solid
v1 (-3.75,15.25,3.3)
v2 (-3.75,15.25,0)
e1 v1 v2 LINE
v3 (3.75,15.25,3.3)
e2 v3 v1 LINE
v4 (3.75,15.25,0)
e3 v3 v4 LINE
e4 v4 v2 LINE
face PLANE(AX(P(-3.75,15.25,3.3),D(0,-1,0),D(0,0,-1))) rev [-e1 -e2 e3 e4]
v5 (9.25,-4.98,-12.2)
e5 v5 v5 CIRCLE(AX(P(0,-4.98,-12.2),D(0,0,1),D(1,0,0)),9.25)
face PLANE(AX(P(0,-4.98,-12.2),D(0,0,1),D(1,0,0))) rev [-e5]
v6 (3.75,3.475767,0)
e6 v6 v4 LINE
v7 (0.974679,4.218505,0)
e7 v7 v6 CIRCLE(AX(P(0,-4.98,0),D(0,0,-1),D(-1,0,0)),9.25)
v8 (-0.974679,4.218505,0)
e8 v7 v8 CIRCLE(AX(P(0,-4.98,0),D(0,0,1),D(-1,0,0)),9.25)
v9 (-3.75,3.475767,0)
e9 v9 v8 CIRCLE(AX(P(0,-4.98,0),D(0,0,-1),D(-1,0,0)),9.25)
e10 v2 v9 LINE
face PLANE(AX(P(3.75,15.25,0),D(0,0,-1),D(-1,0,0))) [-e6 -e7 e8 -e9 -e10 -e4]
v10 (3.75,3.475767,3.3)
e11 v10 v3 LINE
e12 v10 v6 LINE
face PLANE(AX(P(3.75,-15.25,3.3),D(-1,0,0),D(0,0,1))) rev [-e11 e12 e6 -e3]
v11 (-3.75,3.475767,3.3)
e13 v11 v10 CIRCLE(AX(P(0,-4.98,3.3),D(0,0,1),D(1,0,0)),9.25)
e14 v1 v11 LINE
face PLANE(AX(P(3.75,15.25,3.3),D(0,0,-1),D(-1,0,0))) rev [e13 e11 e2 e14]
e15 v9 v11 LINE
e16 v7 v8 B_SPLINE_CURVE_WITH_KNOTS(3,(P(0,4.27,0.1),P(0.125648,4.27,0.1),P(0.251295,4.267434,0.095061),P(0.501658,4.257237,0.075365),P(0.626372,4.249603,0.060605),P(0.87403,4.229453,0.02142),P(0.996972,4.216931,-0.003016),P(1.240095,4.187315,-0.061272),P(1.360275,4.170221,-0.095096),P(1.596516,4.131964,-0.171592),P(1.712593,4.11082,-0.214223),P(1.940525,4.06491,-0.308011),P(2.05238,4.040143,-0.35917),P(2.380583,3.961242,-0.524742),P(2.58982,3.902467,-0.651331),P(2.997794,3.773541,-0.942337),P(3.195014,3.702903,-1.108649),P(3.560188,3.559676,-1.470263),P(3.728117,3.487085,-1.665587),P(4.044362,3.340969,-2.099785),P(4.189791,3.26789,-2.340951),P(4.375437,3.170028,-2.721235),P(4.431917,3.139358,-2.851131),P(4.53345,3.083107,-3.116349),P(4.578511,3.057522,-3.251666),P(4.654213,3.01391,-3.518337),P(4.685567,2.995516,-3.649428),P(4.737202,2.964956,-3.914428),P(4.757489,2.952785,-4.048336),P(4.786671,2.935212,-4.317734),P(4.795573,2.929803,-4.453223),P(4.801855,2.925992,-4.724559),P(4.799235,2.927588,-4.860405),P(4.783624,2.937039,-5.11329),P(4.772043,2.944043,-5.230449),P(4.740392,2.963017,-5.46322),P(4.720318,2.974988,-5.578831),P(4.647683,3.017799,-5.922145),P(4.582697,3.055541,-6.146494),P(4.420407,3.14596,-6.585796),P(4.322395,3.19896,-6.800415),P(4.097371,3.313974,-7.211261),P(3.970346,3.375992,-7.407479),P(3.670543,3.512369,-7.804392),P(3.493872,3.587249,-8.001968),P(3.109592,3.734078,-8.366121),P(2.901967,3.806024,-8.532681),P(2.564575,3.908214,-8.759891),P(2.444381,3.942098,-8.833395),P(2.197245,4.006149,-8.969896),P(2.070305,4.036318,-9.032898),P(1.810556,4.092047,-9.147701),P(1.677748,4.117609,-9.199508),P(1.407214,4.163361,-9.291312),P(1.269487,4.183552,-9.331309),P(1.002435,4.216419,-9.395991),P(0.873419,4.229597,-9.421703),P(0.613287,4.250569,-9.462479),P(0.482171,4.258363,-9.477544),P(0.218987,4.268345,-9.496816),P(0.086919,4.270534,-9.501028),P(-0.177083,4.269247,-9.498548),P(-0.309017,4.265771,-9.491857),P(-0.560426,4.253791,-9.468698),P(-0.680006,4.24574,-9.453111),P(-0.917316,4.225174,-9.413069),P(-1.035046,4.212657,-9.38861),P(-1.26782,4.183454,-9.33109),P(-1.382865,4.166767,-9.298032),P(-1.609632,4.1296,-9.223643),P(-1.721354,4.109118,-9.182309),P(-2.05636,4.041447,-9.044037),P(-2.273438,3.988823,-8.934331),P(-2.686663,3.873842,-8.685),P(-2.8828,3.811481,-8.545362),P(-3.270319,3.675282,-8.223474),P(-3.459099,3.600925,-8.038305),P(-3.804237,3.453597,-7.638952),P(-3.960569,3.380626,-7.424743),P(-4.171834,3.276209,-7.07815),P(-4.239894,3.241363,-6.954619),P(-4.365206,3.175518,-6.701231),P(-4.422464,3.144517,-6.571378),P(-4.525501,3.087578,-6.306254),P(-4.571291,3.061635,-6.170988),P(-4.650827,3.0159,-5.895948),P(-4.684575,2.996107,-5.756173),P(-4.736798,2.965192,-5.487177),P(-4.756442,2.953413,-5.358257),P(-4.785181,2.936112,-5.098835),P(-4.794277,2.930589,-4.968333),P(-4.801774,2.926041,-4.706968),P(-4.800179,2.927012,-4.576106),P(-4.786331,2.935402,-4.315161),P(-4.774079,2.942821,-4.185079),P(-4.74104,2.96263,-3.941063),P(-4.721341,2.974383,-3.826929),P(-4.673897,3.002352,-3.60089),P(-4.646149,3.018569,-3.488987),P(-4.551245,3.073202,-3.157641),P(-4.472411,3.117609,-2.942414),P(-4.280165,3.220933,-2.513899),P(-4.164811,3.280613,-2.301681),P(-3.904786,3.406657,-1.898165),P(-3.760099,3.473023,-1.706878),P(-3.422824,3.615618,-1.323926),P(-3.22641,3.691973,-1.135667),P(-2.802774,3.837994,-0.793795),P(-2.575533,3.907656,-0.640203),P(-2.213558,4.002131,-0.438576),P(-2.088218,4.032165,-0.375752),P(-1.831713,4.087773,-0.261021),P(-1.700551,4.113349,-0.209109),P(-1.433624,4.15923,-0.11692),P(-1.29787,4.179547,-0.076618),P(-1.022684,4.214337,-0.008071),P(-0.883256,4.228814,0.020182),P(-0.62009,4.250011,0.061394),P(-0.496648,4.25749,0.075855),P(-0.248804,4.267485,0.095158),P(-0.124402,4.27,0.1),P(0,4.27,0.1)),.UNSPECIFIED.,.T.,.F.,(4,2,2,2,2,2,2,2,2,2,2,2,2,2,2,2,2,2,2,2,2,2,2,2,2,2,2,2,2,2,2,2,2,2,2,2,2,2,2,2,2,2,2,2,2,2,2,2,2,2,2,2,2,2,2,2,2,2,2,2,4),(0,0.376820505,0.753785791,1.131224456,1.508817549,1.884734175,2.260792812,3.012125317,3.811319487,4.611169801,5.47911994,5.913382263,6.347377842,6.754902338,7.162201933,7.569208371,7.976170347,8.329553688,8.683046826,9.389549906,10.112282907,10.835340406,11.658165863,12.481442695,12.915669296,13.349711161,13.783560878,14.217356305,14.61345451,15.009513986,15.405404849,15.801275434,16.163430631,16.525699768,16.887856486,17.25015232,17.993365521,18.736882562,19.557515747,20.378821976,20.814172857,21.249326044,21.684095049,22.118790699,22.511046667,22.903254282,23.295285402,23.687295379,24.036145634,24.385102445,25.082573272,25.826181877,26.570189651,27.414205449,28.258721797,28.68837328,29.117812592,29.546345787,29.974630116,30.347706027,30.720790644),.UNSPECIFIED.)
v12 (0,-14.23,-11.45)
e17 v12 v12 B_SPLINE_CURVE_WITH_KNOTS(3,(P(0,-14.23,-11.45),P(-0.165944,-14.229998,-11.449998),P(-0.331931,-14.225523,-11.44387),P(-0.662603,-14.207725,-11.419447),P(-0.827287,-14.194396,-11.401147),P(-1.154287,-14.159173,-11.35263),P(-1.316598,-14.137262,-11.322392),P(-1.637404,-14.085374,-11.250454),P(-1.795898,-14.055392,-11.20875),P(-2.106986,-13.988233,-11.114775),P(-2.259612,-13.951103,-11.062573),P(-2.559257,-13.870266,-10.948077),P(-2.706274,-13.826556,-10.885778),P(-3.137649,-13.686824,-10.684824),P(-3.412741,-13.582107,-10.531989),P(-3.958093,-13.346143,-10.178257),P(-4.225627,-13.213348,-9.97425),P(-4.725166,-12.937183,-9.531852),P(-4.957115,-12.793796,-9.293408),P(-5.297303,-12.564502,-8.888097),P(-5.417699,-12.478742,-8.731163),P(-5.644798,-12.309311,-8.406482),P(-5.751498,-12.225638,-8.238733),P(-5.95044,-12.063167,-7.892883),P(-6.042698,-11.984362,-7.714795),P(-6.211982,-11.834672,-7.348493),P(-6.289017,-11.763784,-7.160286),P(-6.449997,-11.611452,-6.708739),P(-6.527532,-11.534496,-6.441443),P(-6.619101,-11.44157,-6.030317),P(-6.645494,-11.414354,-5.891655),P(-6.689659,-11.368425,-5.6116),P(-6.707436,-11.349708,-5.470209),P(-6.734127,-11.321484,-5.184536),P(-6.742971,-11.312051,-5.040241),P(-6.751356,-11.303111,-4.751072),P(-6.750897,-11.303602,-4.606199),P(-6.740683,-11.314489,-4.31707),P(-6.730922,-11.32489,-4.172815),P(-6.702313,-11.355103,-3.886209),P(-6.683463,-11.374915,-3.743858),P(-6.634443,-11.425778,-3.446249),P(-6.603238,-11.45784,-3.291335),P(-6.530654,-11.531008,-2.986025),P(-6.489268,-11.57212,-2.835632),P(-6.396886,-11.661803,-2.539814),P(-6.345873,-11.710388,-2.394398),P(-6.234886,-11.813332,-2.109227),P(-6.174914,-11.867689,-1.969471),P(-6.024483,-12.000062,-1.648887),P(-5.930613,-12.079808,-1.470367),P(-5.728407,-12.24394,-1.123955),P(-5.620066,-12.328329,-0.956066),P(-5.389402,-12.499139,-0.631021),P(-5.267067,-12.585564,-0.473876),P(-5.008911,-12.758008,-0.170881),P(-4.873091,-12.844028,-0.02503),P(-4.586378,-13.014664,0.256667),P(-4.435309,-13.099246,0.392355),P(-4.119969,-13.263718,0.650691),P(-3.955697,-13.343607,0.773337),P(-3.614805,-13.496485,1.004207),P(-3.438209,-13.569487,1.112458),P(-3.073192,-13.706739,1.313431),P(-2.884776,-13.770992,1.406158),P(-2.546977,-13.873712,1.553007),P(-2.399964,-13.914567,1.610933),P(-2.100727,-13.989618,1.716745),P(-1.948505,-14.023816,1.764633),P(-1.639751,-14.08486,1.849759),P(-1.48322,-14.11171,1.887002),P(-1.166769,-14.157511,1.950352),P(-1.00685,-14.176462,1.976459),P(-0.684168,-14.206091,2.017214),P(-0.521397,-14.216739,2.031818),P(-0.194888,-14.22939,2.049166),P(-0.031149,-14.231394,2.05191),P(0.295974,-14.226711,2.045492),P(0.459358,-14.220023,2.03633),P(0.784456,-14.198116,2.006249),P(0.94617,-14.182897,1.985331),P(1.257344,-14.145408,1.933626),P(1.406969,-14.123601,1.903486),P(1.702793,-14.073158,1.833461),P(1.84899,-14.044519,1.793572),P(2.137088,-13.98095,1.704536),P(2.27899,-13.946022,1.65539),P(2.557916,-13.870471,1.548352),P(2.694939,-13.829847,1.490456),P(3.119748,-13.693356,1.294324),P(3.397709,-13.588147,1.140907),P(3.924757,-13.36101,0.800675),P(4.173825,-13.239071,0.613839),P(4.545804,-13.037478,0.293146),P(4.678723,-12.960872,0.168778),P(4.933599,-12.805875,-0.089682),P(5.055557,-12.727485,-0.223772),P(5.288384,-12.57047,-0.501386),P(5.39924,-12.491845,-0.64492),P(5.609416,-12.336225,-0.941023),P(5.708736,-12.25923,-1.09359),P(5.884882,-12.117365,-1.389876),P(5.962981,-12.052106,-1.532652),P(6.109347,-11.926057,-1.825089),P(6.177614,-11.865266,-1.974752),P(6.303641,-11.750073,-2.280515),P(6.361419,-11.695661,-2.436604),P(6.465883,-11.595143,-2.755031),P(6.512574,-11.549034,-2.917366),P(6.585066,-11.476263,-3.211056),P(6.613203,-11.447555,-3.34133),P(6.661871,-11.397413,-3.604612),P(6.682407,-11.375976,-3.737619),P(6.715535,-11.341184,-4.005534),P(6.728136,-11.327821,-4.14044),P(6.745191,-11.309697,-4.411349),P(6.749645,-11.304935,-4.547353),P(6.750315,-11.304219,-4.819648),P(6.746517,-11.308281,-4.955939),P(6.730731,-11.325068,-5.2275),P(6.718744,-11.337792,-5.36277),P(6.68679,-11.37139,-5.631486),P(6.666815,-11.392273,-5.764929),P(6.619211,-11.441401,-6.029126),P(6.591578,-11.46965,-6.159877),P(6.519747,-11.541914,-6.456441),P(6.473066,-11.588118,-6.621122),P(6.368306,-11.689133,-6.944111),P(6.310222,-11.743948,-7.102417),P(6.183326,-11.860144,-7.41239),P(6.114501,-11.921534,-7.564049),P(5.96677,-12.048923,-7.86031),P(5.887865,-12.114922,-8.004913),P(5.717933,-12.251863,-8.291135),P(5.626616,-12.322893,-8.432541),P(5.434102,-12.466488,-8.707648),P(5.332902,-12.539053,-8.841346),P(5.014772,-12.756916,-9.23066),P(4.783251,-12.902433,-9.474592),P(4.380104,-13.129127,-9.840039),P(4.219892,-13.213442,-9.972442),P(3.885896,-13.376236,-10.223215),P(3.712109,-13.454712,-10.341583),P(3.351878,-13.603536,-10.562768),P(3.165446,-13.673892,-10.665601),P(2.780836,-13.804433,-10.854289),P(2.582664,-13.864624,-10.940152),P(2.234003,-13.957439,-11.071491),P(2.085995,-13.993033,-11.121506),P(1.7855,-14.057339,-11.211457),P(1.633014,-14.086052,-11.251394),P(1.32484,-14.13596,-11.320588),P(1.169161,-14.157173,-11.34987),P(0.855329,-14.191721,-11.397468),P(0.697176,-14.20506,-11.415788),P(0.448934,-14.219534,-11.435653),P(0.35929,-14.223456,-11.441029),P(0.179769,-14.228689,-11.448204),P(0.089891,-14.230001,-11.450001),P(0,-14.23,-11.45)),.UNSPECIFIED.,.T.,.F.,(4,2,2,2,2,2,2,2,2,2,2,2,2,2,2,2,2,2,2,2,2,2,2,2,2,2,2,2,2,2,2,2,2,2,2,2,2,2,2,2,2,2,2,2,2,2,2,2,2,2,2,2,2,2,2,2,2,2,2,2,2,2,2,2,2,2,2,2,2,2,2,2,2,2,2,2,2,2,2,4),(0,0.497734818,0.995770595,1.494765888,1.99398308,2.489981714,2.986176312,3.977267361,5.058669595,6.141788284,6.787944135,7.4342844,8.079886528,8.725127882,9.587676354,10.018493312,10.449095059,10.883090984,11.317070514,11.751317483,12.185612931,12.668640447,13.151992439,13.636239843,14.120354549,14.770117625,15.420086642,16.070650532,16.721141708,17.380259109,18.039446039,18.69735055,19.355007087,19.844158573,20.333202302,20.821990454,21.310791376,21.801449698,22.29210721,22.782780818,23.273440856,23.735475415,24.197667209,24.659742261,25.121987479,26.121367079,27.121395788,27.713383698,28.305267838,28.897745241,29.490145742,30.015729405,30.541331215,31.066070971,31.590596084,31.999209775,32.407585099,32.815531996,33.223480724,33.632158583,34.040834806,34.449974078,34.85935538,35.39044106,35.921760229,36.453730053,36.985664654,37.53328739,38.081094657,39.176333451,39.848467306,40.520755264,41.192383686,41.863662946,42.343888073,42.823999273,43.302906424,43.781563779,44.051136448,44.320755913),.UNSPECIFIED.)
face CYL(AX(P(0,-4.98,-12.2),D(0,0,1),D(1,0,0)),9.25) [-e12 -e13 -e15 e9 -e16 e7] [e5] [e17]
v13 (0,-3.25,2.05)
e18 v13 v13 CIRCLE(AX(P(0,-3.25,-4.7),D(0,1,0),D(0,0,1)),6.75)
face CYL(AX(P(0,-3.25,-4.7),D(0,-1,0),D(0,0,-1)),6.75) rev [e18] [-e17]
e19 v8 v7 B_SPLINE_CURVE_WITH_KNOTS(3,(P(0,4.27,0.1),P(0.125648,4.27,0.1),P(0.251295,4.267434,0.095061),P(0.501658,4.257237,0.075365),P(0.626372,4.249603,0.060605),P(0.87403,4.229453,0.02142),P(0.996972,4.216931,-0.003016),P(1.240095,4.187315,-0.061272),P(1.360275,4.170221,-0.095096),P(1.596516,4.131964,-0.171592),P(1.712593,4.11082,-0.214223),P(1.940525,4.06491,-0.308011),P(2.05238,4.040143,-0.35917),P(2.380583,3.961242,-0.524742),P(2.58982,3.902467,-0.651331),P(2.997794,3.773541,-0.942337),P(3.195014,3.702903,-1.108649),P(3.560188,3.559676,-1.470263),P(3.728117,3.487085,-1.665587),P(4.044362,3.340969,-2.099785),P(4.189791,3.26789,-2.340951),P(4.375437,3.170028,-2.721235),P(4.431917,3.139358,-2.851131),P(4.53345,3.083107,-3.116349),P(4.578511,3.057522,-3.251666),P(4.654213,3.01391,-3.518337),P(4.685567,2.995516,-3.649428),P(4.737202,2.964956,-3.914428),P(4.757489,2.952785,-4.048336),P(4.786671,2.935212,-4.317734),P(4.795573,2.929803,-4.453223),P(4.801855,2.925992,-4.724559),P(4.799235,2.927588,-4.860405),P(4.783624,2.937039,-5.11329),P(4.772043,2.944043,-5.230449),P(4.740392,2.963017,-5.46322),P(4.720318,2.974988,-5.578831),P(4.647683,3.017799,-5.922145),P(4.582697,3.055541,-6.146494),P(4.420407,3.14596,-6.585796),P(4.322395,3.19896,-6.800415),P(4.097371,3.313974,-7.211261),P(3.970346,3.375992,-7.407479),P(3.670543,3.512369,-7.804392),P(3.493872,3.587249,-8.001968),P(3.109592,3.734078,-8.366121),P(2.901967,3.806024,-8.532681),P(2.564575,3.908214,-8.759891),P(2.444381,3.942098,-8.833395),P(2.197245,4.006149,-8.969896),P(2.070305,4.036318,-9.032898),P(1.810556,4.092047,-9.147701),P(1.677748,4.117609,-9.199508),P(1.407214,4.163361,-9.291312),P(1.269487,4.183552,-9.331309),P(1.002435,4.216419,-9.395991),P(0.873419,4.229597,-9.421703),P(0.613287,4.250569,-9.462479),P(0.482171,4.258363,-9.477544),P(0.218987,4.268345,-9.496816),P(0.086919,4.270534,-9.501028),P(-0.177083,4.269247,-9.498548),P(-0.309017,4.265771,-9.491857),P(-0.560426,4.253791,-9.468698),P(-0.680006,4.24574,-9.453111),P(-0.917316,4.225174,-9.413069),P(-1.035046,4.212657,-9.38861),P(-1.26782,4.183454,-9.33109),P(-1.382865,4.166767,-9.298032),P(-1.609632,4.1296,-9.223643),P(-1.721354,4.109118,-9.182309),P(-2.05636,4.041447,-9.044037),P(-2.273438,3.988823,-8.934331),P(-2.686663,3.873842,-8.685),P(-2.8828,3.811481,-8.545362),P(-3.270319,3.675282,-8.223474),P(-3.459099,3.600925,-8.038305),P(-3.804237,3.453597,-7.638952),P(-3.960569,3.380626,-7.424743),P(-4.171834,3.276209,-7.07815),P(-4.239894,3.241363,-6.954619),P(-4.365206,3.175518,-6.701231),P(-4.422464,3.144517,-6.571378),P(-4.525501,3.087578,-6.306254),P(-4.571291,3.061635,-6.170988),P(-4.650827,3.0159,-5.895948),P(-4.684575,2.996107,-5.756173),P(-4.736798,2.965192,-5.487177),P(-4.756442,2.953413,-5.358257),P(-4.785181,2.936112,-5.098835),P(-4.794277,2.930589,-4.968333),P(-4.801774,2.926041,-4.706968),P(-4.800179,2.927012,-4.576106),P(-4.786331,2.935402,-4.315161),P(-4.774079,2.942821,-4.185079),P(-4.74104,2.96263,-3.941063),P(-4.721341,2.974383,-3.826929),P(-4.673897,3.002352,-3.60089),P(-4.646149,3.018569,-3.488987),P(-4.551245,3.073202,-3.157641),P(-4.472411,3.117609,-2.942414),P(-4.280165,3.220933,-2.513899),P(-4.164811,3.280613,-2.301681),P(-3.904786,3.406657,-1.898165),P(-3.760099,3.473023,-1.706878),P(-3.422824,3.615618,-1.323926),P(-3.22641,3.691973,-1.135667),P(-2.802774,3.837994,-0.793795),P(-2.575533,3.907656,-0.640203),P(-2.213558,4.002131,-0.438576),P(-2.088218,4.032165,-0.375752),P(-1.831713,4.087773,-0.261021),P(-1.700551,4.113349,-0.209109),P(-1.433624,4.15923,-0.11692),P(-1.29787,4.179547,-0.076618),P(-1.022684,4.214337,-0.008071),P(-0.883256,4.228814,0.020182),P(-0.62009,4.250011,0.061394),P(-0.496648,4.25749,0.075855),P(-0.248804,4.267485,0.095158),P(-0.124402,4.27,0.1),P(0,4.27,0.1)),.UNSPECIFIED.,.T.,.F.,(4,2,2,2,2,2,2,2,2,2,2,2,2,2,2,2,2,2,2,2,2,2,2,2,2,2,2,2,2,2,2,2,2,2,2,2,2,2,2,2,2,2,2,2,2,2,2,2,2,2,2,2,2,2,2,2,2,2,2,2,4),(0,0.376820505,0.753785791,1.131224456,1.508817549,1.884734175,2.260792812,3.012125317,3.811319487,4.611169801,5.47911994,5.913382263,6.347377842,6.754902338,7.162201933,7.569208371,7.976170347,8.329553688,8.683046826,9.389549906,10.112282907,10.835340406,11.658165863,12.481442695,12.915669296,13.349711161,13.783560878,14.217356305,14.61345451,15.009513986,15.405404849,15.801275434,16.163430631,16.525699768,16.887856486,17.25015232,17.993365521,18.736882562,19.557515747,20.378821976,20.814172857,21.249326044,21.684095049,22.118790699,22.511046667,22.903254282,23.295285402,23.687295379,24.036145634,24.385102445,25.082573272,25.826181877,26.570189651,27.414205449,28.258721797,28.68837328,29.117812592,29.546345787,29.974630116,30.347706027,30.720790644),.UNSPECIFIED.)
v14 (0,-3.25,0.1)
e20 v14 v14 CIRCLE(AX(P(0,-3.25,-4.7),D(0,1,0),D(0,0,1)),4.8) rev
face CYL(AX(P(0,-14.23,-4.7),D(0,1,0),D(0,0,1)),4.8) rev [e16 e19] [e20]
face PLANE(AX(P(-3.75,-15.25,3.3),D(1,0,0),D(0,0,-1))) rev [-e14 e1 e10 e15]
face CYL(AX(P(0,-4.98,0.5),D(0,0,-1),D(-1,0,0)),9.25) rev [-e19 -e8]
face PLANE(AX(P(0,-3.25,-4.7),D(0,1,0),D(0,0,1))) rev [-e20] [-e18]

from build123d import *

# Parameters (mm, degrees)
SKETCH_1_W               = 7.5
SKETCH_1_H               = 30.5
EXTRUDE_1_DEPTH          = 3.3
SKETCH_4_W               = 7.5
SKETCH_4_H               = 8.198435562
CUT_EXTRUDE_1_DEPTH      = 17.047273912
SKETCH_2_R               = 9.25
EXTRUDE_2_DEPTH          = 15.5
SKETCH_5_R               = 4.8
CUT_EXTRUDE_2_DEPTH      = 34.218562582
CUT_EXTRUDE_3_DEPTH      = 2.75
CUT_EXTRUDE_3_DEPTH_BACK = 10
SKETCH_6_R               = 6.75
EXTRUDE_START            = -0.5
EXTRUDE_3_DEPTH          = 0.5


with BuildPart() as part:
    # 草图1 → 凸台-拉伸1 (new body)
    with BuildSketch(Plane.XY):
        Rectangle(SKETCH_1_W, SKETCH_1_H)
    extrude(amount=EXTRUDE_1_DEPTH)

    # 草图4 → 切除-拉伸1 (cut, through all)
    with BuildSketch(Plane(origin=(0, 0, 0), x_dir=(-1, 0, 0), z_dir=(0, 0, -1))):
        with Locations((0, -11.150782219)):
            Rectangle(SKETCH_4_W, SKETCH_4_H)
    extrude(amount=-CUT_EXTRUDE_1_DEPTH, mode=Mode.SUBTRACT)

    # 草图2 → 凸台-拉伸2 (add)
    with BuildSketch(Plane.XY.offset(3.3)):
        with Locations((0, -4.98)):
            Circle(SKETCH_2_R)
    extrude(amount=-EXTRUDE_2_DEPTH)

    # 草图5 → 切除-拉伸2 (cut, through all)
    with BuildSketch(Plane(origin=(0, 15.25, 0), x_dir=(1, 0, 0), z_dir=(0, 1, 0))):
        with Locations(Location((0, 4.7, 0), (0, 0, 270))):
            Circle(SKETCH_5_R)
    extrude(amount=-CUT_EXTRUDE_2_DEPTH, mode=Mode.SUBTRACT)

    # 草图6 → 切除-拉伸3 (cut, two sides: drawn at the far end of the back side and taken through both)
    with BuildSketch(Plane(origin=(0, -6, 0), x_dir=(1, 0, 0), z_dir=(0, 1, 0)).offset(-CUT_EXTRUDE_3_DEPTH_BACK)):
        with Locations(Location((0, 4.7, 0), (0, 0, 90))):
            Circle(SKETCH_6_R)
    extrude(amount=CUT_EXTRUDE_3_DEPTH + CUT_EXTRUDE_3_DEPTH_BACK, mode=Mode.SUBTRACT)

    # 草图7 → 凸台-拉伸3 (add)
    with BuildSketch(Plane(origin=(0, 0, 0), x_dir=(-1, 0, 0), z_dir=(0, 0, -1)).offset(EXTRUDE_START)):
        with BuildLine():
            Line((-0.974679434, 15.25), (-0.974679434, 4.218505313))
            ThreePointArc((-0.974679434, 4.218505313), (0, 4.27), (0.974679434, 4.218505313))
            Line((0.974679434, 4.218505313), (0.974679434, 15.25))
            Line((0.974679434, 15.25), (-0.974679434, 15.25))
        make_face()
    extrude(amount=EXTRUDE_3_DEPTH)


solid = part.part
